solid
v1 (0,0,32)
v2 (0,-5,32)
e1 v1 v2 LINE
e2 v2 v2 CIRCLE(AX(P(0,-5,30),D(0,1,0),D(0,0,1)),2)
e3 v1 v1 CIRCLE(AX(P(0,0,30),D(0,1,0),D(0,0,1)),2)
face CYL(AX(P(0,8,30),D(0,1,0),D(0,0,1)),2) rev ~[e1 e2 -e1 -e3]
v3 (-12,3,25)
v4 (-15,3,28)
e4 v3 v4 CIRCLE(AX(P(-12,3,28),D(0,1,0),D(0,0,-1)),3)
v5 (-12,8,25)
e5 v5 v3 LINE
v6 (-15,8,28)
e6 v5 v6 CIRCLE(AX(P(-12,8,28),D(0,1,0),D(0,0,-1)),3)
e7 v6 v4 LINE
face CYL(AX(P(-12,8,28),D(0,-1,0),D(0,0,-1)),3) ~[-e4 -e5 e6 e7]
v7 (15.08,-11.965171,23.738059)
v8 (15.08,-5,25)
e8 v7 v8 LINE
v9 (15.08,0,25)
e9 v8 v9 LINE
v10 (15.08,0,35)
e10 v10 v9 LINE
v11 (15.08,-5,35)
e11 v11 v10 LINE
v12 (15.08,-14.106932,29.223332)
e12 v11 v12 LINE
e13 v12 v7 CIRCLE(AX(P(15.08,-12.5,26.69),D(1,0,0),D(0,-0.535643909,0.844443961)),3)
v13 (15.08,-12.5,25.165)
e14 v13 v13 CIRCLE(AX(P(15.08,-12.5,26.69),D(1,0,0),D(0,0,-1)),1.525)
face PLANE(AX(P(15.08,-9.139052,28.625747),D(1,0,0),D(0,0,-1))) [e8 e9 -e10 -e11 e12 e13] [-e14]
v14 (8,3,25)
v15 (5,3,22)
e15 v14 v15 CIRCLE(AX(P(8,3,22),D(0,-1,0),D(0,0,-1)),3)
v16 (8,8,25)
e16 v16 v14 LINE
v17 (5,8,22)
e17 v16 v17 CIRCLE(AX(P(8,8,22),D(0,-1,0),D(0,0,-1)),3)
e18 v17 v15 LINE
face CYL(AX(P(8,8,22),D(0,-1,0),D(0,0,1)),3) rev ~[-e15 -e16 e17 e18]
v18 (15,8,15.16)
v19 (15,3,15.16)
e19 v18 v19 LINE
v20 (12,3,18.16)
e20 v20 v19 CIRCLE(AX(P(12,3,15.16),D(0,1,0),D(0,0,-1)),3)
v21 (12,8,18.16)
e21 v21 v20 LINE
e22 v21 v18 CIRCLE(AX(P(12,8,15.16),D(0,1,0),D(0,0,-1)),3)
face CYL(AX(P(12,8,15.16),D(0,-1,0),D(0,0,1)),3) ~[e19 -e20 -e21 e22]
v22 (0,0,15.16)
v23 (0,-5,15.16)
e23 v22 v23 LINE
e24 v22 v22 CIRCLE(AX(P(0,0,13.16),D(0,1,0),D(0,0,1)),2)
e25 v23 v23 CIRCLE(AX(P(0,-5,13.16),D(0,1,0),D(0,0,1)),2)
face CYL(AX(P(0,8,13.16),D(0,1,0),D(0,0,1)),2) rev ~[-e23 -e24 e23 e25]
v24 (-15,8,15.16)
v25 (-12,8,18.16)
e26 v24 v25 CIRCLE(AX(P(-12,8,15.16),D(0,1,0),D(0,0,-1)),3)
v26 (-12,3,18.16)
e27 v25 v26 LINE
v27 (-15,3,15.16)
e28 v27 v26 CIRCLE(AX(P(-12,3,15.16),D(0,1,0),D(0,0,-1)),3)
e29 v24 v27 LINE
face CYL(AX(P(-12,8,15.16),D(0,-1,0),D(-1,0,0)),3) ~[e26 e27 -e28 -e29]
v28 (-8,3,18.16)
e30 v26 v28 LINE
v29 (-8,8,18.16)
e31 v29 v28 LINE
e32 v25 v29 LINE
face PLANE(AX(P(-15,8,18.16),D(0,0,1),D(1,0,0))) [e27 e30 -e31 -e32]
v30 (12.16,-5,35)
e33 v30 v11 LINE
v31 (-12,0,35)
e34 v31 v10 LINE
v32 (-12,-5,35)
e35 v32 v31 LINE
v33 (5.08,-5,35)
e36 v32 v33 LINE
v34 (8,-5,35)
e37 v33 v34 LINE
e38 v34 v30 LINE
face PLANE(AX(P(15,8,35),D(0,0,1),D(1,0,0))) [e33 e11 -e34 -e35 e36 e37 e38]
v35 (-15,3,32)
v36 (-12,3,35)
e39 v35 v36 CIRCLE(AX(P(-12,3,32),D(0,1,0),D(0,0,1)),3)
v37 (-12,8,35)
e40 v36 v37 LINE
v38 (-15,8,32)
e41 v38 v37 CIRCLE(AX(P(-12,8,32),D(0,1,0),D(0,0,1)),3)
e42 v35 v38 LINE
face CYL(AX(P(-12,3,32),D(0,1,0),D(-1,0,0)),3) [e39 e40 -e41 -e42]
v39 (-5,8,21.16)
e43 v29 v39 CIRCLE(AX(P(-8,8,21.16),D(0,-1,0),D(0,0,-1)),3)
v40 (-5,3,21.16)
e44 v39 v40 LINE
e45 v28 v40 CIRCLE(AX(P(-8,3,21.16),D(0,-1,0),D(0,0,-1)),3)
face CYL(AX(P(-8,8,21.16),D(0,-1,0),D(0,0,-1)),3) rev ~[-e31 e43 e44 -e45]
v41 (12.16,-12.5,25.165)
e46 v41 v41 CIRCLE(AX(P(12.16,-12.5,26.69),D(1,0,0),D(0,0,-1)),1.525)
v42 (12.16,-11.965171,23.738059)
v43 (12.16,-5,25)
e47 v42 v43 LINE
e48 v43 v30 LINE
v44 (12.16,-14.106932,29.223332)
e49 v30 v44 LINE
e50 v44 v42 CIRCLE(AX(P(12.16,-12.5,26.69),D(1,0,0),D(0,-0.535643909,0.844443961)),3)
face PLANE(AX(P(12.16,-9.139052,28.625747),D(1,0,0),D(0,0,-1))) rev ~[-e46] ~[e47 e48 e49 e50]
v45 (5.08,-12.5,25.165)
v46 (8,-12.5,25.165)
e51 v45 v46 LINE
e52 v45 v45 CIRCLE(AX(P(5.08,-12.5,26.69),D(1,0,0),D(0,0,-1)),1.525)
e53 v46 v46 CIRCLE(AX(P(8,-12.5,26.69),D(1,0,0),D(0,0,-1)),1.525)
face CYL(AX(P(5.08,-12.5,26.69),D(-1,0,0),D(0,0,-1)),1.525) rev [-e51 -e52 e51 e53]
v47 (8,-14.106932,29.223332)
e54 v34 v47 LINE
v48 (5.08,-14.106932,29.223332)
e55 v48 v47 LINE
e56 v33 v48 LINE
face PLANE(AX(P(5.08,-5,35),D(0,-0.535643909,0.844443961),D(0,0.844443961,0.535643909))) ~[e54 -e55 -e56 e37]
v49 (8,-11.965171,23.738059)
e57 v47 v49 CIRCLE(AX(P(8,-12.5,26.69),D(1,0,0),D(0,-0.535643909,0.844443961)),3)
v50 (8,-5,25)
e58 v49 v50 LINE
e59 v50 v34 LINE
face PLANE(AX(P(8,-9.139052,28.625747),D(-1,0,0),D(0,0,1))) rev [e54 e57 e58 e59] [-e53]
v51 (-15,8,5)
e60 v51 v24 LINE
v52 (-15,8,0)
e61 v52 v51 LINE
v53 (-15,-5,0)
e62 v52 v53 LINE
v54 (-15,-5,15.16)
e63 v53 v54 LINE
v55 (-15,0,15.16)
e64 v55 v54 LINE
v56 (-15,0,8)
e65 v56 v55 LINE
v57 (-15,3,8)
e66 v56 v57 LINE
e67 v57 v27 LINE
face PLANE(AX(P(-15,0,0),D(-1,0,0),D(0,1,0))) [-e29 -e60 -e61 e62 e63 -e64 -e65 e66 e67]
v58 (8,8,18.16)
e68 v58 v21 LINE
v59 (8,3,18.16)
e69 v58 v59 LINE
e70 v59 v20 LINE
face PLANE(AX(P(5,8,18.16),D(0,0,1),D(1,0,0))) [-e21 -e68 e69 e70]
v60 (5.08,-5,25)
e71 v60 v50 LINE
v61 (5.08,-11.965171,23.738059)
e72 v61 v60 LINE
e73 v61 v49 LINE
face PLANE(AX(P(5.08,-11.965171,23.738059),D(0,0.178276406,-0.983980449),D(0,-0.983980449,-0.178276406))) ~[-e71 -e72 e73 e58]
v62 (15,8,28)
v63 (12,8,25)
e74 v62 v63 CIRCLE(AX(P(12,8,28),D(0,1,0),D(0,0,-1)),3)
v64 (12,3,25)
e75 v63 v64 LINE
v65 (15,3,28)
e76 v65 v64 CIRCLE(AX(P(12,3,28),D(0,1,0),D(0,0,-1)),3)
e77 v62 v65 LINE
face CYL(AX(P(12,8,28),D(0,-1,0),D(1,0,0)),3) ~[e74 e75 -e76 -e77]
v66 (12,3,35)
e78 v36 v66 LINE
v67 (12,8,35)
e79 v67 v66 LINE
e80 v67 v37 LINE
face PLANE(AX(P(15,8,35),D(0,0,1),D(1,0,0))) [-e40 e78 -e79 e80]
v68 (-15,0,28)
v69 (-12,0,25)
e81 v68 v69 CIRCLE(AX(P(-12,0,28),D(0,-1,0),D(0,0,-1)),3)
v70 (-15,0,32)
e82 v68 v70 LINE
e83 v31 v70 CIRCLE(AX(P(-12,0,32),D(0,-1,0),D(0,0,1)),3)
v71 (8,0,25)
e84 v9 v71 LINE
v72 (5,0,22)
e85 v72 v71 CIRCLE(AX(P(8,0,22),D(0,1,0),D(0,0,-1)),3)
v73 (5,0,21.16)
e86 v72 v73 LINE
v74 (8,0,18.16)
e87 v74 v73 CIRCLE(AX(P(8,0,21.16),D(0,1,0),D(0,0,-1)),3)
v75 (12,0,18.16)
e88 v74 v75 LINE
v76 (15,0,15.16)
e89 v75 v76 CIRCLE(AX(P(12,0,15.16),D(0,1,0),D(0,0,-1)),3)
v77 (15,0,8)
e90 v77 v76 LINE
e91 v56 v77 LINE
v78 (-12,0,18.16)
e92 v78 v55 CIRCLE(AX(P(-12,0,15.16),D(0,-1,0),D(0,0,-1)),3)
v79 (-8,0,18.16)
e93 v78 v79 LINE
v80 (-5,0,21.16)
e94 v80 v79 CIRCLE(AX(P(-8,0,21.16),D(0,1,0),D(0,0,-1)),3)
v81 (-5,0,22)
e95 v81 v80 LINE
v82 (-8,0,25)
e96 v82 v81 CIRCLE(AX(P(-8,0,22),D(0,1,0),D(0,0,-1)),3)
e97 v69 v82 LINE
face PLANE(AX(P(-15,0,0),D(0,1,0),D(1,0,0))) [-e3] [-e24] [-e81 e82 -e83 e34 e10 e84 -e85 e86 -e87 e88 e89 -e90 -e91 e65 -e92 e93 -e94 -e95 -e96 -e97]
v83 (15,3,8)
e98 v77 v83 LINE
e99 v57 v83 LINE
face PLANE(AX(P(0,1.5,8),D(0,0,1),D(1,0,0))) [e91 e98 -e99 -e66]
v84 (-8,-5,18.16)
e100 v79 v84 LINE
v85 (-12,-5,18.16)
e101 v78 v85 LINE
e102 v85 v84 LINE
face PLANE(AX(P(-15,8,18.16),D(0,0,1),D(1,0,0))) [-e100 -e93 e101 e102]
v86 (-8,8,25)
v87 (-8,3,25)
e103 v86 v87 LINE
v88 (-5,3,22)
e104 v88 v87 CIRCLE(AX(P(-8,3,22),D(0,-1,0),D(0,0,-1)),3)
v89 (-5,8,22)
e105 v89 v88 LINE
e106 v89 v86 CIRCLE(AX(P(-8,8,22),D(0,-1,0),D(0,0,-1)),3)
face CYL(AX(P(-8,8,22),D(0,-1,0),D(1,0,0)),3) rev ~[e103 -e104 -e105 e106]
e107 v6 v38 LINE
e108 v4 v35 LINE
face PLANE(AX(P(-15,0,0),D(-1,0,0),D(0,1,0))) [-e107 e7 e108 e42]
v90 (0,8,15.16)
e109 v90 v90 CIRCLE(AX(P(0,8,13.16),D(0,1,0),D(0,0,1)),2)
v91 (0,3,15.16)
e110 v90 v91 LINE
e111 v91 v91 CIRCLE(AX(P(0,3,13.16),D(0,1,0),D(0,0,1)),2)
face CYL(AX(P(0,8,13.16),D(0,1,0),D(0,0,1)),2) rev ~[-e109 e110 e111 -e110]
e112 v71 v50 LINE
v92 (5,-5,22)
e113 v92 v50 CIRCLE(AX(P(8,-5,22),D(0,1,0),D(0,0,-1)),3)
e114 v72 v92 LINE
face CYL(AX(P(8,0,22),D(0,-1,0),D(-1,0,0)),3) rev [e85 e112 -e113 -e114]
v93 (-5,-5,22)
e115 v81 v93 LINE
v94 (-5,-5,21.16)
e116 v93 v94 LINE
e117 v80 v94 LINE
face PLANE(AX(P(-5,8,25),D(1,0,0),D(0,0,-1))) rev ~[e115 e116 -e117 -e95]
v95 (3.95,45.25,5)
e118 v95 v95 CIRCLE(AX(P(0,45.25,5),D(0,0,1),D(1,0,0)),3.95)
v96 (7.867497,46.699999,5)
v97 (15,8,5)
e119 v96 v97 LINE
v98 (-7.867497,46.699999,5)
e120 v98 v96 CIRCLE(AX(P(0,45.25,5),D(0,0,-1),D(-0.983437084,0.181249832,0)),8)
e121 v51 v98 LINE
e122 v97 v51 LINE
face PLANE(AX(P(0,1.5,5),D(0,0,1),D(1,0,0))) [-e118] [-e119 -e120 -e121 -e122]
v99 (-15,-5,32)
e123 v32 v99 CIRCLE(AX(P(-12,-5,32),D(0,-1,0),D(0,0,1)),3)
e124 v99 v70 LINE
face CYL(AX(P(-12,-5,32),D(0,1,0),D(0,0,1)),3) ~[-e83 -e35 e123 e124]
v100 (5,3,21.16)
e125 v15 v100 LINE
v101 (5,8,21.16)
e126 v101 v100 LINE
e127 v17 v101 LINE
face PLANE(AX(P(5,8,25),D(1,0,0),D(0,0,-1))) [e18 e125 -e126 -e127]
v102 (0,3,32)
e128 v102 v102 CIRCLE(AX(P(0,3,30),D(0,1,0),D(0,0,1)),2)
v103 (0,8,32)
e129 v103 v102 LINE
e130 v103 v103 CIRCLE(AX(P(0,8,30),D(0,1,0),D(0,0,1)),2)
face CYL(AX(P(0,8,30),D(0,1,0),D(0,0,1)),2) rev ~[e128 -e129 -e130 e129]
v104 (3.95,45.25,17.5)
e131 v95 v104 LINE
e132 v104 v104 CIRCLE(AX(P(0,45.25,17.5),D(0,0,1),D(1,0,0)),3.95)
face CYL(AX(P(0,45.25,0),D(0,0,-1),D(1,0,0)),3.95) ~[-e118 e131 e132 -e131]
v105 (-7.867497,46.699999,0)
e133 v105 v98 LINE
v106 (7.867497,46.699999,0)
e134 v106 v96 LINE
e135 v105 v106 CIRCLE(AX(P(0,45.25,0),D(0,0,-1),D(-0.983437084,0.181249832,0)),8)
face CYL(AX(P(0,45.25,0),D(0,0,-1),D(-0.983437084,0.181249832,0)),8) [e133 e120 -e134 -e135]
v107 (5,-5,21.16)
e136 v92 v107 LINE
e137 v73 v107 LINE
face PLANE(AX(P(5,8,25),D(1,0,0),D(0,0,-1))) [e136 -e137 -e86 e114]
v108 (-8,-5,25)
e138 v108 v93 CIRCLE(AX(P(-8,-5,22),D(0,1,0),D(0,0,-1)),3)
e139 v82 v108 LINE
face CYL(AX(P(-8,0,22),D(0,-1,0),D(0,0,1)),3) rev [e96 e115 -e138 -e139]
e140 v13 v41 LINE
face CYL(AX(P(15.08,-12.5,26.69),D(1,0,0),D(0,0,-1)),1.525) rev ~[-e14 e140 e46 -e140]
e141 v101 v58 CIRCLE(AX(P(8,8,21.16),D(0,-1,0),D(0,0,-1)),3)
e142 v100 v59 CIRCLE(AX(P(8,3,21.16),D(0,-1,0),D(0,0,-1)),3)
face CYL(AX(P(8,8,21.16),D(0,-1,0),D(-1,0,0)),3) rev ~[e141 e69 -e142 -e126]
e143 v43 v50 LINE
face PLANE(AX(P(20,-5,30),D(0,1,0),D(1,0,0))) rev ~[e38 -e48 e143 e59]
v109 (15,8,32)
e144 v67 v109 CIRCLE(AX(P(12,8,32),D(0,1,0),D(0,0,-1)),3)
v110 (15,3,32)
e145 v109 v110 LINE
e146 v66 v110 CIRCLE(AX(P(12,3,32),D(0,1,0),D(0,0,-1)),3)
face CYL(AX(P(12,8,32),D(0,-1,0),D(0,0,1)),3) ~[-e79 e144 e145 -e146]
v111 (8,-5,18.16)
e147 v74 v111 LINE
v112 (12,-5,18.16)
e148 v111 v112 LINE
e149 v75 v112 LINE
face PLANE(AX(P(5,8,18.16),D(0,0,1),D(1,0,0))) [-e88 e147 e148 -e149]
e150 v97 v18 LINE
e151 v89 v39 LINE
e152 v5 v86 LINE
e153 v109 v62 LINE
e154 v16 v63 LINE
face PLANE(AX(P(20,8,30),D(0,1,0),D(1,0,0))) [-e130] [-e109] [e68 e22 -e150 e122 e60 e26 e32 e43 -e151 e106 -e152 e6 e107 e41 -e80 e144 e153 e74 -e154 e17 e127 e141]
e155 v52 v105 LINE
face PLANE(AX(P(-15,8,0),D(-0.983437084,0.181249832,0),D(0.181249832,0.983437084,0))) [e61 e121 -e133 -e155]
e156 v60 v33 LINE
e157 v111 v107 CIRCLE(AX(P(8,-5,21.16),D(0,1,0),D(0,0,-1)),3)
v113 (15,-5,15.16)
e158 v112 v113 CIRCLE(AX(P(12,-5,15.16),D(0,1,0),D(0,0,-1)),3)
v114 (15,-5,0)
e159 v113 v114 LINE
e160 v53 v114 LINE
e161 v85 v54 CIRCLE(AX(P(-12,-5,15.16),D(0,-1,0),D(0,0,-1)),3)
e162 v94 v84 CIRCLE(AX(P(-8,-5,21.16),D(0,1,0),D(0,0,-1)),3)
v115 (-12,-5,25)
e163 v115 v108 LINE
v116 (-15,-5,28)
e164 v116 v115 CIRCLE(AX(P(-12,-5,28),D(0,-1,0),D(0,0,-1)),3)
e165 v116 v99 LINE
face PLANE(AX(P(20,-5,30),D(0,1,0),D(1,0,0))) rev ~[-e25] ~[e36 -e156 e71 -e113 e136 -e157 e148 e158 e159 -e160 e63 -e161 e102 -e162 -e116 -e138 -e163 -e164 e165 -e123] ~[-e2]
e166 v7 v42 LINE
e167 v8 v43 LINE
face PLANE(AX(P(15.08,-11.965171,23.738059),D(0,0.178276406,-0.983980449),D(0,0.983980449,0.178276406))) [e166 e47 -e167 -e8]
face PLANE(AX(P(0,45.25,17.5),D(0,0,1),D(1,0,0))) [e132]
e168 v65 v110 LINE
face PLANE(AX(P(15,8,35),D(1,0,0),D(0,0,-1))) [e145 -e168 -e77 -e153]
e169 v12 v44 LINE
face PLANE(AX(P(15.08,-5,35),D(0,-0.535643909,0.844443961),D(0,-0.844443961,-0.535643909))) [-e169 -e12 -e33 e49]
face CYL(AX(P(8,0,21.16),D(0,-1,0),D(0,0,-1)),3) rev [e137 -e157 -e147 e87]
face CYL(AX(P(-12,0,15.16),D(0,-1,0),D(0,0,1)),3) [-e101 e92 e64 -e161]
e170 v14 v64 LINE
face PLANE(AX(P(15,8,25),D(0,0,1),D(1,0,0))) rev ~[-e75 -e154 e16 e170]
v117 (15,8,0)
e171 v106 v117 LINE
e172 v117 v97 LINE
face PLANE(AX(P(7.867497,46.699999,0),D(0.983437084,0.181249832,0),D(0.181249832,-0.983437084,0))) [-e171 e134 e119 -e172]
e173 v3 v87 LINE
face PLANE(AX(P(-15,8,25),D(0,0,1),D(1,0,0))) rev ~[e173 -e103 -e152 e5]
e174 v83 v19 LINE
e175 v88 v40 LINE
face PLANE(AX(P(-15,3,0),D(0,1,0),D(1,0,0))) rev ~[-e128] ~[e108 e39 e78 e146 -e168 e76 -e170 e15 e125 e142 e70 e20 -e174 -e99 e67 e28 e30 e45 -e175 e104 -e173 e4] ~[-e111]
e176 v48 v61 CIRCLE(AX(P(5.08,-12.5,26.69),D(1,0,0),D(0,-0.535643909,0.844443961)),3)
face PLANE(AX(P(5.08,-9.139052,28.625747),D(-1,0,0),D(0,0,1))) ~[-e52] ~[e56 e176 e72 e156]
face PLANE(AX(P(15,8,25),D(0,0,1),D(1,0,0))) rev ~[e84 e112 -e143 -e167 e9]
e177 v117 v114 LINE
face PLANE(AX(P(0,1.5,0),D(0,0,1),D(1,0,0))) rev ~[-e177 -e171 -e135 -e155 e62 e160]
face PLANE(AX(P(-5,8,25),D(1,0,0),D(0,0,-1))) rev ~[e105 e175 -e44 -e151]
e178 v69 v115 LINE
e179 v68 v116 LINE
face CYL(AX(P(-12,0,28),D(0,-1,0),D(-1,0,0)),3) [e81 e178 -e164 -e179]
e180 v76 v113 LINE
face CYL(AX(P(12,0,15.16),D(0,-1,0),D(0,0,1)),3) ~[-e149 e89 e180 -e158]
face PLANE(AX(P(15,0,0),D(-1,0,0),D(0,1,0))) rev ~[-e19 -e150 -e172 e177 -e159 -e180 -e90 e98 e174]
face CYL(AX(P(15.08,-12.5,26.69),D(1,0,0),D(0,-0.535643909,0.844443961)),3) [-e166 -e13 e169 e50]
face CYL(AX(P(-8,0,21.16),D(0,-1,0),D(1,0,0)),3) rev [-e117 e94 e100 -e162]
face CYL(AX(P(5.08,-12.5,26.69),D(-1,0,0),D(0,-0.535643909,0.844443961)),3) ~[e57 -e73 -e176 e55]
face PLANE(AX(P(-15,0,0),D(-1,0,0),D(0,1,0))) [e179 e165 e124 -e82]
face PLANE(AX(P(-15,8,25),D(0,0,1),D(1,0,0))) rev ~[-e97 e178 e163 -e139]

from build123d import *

# Parameters (mm, degrees)
SKETCH_1_R          = 3.95
SKETCH_1_W          = 30
SKETCH_1_H          = 5
SKETCH_1_H_2        = 3
EXTRUDE_1_DEPTH     = 5
SKETCH_1_3_W        = 30
SKETCH_1_3_H        = 5
EXTRUDE_2_DEPTH     = 35
SKETCH_1_5_R        = 3.95
EXTRUDE_3_DEPTH     = 17.5
SKETCH_1_6_W        = 30
SKETCH_1_6_H        = 3
EXTRUDE_4_DEPTH     = 8
SKETCH_2_W          = 10
SKETCH_2_H          = 6.84
SKETCH_2_R          = 2
CUT_EXTRUDE_1_DEPTH = 16
SKETCH_2_3_W        = 10
SKETCH_2_3_H        = 10
EXTRUDE_5_DEPTH     = 13
SKETCH_2_4_W        = 10
SKETCH_2_4_H        = 10
CUT_EXTRUDE_2_DEPTH = 8
FILLET_1_R          = 3
SKETCH_3_W          = 9.92
SKETCH_3_H          = 10
CUT_EXTRUDE_4_DEPTH = 8
SKETCH_4_R          = 1.525
EXTRUDE_6_DEPTH     = 2.92


with BuildPart() as part:
    # 草图1 → 凸台-拉伸1 (new body)
    # profile 1 of 4: a face of its own
    with BuildSketch(Plane.XY):
        with BuildLine():
            ThreePointArc((-7.867496672, 46.69999866), (0, 53.25), (7.867496672, 46.69999866))
            Line((7.867496672, 46.69999866), (15, 8))
            Line((15, 8), (-15, 8))
            Line((-15, 8), (-7.867496672, 46.69999866))
        make_face()
        with Locations((0, 45.25)):
            Circle(SKETCH_1_R, mode=Mode.SUBTRACT)
    # profile 2 of 4: a face of its own
    with BuildSketch(Plane.XY):
        with Locations((0, -2.5)):
            Rectangle(SKETCH_1_W, SKETCH_1_H)
    # profile 3 of 4: a face of its own
    with BuildSketch(Plane.XY):
        with Locations((0, 5.5)):
            Rectangle(SKETCH_1_W, SKETCH_1_H)
    # profile 4 of 4: a face of its own
    with BuildSketch(Plane.XY):
        with Locations((0, 1.5)):
            Rectangle(SKETCH_1_W, SKETCH_1_H_2)
    extrude(amount=EXTRUDE_1_DEPTH)

    # 草图1<3> → 凸台-拉伸2 (add)
    with BuildSketch(Plane.XY):
        with Locations((0, 5.5)):
            Rectangle(SKETCH_1_3_W, SKETCH_1_3_H)
        with Locations((0, -2.5)):
            Rectangle(SKETCH_1_3_W, SKETCH_1_3_H)
    extrude(amount=EXTRUDE_2_DEPTH)

    # 草图1<5> → 凸台-拉伸3 (add)
    with BuildSketch(Plane.XY):
        with Locations((0, 45.25)):
            Circle(SKETCH_1_5_R)
    extrude(amount=EXTRUDE_3_DEPTH)

    # 草图1<6> → 凸台-拉伸4 (add)
    with BuildSketch(Plane.XY):
        with Locations((0, 1.5)):
            Rectangle(SKETCH_1_6_W, SKETCH_1_6_H)
    extrude(amount=EXTRUDE_4_DEPTH)

    # 草图2 → 切除-拉伸1 (cut)
    with BuildSketch(Plane(origin=(0, 8, 0), x_dir=(1, 0, 0), z_dir=(0, 1, 0))):
        with Locations((-10, -21.58)):
            Rectangle(SKETCH_2_W, SKETCH_2_H)
        with Locations((10, -21.58)):
            Rectangle(SKETCH_2_W, SKETCH_2_H)
        with Locations(Location((0, -13.16, 0), (0, 0, 270))):
            Circle(SKETCH_2_R)
        with Locations(Location((0, -30, 0), (0, 0, 270))):
            Circle(SKETCH_2_R)
    extrude(amount=-CUT_EXTRUDE_1_DEPTH, mode=Mode.SUBTRACT)

    # 草图2<3> → 凸台-拉伸5 (add)
    with BuildSketch(Plane(origin=(0, 8, 0), x_dir=(1, 0, 0), z_dir=(0, 1, 0))):
        with Locations((20, -30)):
            Rectangle(SKETCH_2_3_W, SKETCH_2_3_H)
    extrude(amount=-EXTRUDE_5_DEPTH)

    # 草图2<4> → 切除-拉伸2 (cut)
    with BuildSketch(Plane(origin=(0, 8, 0), x_dir=(1, 0, 0), z_dir=(0, 1, 0))):
        with Locations((20, -30)):
            Rectangle(SKETCH_2_4_W, SKETCH_2_4_H)
    extrude(amount=-CUT_EXTRUDE_2_DEPTH, mode=Mode.SUBTRACT)

    # 圆角1
    fillet_1_edges = [part.edges().sort_by_distance(p)[0] for p in [
        (-15, -2.5, 18.16),
        (-15, 5.5, 18.16),
        (-5, -2.5, 18.16),
        (-5, 5.5, 18.16),
        (-5, -2.5, 25),
        (-5, 5.5, 25),
        (-15, -2.5, 25),
        (-15, 5.5, 25),
        (5, -2.5, 25),
        (5, 5.5, 25),
        (5, -2.5, 18.16),
        (5, 5.5, 18.16),
        (15, -2.5, 18.16),
        (15, 5.5, 18.16),
        (15, 5.5, 35),
        (15, 5.5, 25),
        (-15, 5.5, 35),
        (-15, -2.5, 35),
    ]]
    fillet(fillet_1_edges, radius=FILLET_1_R)

    # 草图3 → 切除-拉伸4 (cut)
    with BuildSketch(Plane.XZ.offset(5)):
        with Locations((20.04, 30)):
            Rectangle(SKETCH_3_W, SKETCH_3_H)
    extrude(amount=-CUT_EXTRUDE_4_DEPTH, mode=Mode.SUBTRACT)

    # 草图4 → 凸台-拉伸6 (add)
    with BuildSketch(Plane(origin=(15.08, 0, 0), x_dir=(0, 0, -1), z_dir=(1, 0, 0))):
        with BuildLine():
            Line((-35, -5), (-29.223331883, -14.106931726))
            ThreePointArc((-29.223331883, -14.106931726), (-25.598856813, -15.294531543), (-23.738058654, -11.965170783))
            Line((-23.738058654, -11.965170783), (-25, -5))
            Line((-25, -5), (-35, -5))
        make_face()
        with Locations((-26.69, -12.5)):
            Circle(SKETCH_4_R, mode=Mode.SUBTRACT)
    extrude_6 = extrude(amount=-EXTRUDE_6_DEPTH)

    # 镜向1: 凸台-拉伸6 across plane
    add(extrude_6.mirror(Plane(origin=(10.08, 0, 0), x_dir=(0, 0, 1), z_dir=(1, 0, 0))))


solid = part.part
